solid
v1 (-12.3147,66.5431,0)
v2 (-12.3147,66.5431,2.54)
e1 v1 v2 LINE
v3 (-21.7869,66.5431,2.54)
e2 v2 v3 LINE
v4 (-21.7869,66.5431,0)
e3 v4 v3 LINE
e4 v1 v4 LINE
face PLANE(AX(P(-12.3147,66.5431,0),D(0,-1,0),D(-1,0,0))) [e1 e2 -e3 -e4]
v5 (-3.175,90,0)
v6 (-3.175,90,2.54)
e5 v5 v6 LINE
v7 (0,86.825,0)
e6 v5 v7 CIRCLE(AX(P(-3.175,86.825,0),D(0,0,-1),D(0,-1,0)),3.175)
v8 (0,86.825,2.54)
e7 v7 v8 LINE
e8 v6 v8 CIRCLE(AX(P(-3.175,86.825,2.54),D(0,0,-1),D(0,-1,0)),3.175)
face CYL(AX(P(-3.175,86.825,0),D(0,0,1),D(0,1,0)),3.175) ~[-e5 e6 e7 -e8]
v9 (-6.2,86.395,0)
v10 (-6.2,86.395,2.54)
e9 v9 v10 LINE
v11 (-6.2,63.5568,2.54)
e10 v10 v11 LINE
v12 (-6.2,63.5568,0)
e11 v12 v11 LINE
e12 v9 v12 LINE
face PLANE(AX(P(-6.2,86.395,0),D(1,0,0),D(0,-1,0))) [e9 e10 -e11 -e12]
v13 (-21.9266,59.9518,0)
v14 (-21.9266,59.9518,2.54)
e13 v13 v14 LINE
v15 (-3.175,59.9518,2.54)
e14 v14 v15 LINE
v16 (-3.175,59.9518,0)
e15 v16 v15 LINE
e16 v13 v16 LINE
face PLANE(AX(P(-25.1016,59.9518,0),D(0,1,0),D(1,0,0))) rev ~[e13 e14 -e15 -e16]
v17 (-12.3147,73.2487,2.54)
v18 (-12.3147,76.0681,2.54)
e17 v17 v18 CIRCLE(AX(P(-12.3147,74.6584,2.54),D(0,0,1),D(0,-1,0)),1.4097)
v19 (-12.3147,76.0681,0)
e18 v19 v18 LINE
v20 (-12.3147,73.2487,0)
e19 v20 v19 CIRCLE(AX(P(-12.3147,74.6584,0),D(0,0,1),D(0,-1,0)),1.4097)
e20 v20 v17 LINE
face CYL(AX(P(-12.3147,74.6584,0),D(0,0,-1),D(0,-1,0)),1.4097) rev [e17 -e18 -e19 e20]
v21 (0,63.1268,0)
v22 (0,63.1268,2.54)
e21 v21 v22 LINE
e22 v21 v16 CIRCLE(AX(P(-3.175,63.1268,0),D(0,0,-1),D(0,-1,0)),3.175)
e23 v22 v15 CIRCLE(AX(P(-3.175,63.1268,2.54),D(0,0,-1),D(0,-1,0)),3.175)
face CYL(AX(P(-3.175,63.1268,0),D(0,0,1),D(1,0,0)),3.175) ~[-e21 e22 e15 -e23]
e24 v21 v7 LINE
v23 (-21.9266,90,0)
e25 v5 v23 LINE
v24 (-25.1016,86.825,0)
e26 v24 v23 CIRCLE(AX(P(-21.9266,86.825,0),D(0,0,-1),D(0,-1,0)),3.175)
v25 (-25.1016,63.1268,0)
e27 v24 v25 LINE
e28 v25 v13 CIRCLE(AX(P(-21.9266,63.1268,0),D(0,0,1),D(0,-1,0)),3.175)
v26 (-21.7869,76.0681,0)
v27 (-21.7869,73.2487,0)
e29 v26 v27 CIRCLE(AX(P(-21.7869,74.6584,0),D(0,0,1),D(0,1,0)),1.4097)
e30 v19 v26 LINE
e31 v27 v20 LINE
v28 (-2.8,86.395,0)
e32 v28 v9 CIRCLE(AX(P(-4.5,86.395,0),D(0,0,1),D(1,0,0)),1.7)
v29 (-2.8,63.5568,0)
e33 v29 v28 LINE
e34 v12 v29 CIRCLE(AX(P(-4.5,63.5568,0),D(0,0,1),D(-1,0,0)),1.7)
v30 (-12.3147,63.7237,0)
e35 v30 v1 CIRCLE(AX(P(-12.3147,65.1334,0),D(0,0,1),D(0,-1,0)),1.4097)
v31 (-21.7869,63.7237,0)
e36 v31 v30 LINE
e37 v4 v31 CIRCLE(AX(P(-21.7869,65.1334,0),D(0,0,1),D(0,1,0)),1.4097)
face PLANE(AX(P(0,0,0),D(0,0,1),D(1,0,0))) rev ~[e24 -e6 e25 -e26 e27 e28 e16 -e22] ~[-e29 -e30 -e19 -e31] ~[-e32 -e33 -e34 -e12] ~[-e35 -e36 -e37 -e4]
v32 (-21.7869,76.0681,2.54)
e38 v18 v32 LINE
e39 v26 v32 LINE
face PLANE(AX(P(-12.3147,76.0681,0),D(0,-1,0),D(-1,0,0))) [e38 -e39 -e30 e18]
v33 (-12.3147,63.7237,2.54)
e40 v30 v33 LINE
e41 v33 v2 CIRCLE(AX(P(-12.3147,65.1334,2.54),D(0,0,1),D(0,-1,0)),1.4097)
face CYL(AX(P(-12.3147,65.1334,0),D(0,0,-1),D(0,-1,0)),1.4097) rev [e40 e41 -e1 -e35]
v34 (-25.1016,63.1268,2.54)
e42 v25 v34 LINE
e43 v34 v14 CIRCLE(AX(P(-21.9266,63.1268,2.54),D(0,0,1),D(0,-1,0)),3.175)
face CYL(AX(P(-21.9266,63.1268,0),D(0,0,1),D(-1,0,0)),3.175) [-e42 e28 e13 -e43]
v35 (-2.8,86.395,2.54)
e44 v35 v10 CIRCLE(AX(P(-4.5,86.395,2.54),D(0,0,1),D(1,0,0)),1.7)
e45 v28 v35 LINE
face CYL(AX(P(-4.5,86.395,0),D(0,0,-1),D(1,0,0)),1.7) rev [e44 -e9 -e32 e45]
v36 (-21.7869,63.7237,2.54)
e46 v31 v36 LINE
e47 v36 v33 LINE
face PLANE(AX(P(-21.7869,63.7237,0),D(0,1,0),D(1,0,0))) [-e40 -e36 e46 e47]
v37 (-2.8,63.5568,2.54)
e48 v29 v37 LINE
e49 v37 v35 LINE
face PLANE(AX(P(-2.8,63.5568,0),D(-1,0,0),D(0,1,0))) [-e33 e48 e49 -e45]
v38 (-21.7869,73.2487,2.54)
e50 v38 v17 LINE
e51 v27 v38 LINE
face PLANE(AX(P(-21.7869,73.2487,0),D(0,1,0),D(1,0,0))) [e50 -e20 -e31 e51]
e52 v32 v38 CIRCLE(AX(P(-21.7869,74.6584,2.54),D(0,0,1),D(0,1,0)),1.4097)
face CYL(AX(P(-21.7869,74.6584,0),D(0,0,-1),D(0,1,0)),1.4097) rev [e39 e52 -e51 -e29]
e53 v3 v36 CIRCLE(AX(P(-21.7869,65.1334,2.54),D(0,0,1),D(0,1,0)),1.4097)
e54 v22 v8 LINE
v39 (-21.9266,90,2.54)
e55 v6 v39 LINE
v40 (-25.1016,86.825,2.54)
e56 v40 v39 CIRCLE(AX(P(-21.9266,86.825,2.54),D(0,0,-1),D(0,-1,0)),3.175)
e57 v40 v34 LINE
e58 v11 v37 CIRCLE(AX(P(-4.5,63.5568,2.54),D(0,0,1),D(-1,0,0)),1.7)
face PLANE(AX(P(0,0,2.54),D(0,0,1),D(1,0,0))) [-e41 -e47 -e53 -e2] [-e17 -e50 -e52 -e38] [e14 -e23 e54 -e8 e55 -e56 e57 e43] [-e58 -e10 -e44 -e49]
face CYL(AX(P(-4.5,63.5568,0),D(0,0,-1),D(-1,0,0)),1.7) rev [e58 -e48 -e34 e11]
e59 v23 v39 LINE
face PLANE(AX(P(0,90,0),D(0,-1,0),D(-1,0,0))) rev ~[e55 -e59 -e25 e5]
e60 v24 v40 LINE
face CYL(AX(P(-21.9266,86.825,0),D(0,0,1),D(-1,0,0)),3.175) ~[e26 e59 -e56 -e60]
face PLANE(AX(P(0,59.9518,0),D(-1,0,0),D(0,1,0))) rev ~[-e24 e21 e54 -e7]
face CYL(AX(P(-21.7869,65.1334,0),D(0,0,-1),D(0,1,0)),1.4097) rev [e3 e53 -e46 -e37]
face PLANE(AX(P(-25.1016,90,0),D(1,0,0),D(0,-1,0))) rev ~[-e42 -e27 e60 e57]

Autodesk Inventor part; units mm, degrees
ref_plane "YZ Plane" through (0, 0, 0) normal (1, 0, 0) x (0, 1, 0)
ref_plane "Work Plane1" through (0, 0, 0) normal (0, 0, 1) x (1, 0, 0)
sketch "Sketch1" plane through (0, 0, 0) normal (0, 0, 1) x (1, 0, 0)
  circle A0 centre (-4.5, 66.95) radius 1.4605 construction
  circle A1 centre (-4.5, 79.65) radius 1.4605 construction
  circle A2 centre (-17.8816, 65.1334) radius 1.1938 construction
  circle A3 centre (-17.8816, 74.6584) radius 1.1938 construction
  line L0 (0, 90) -> (0, 0) construction
  line L1 (0, 90) -> (-9, 90) construction
  line L2 (-25.1016, 59.9518) -> (-15.4496, 59.9518) construction
  line L3 (-25, 90) -> (-25, -80) construction
  line L4 (-25.1016, 59.9518) -> (0, 59.9518)
  line L5 (0, 59.9518) -> (0, 90)
  line L6 (0, 90) -> (-25.1016, 90)
  line L7 (-25.1016, 90) -> (-25.1016, 59.9518)
  circle A4 centre (-4.5, 86.395) radius 1.7 construction
  circle A5 centre (-4.5, 63.5568) radius 1.7 construction
  line L8 (-4.5, 63.5568) -> (-4.5, 86.395) construction
  line L9 (-2.8, 63.5568) -> (-2.8, 86.395)
  line L10 (-6.2, 86.395) -> (-6.2, 63.5568)
  arc A6 (-6.2, 63.5568) -> (-2.8, 63.5568) centre (-4.5, 63.5568) ccw
  arc A7 (-2.8, 86.395) -> (-6.2, 86.395) centre (-4.5, 86.395) ccw
  circle A8 centre (-21.7869, 65.1334) radius 1.4097 construction
  circle A9 centre (-12.3147, 65.1334) radius 1.4097 construction
  line L11 (-9, 0) -> (-9, 90) construction
  line L12 (-12.3147, 65.1334) -> (-21.7869, 65.1334) construction
  line L13 (-12.3147, 66.5431) -> (-21.7869, 66.5431)
  line L14 (-21.7869, 63.7237) -> (-12.3147, 63.7237)
  arc A10 (-12.3147, 63.7237) -> (-12.3147, 66.5431) centre (-12.3147, 65.1334) ccw
  arc A11 (-21.7869, 66.5431) -> (-21.7869, 63.7237) centre (-21.7869, 65.1334) ccw
  line L15 (-12.3147, 76.0681) -> (-21.7869, 76.0681)
  line L16 (-21.7869, 73.2487) -> (-12.3147, 73.2487)
  arc A12 (-12.3147, 73.2487) -> (-12.3147, 76.0681) centre (-12.3147, 74.6584) ccw
  arc A13 (-21.7869, 76.0681) -> (-21.7869, 73.2487) centre (-21.7869, 74.6584) ccw
  point P0 (-4.5, 74.9759)
  point P1 (-17.0508, 65.1334)
  dimension "d0" = 3.4
  dimension "d1" = 3.4
  dimension "d2" = 3.605
  dimension "d3" = 3.605
  dimension "d4" = 3.4
  dimension "d7" = 2.8194
  dimension "d8" = 2.8194
  dimension "d9" = 3.3147
  dimension "d10" = 5.1816
  dimension "d11" = 5.1816
  dimension "d12" = 5.1816
  dimension "d13" = 3.3147
  dimension "d14" = 2.8194
  dimension "d15" = 2.8194
  dimension "d20" = 25.1016
  dimension "d21" = 30.0482
  dimension "d22" = 9.4722
  dimension "d23" = 9.525
  dimension "d24" = 4.5
ref_plane "Work Plane2" through (-19.6152, 72.9248, 2.54) normal (0, 0, -1) x (0, 1, 0)
ref_plane "Work Plane3" through (-19.6152, 72.9248, 2.54) normal (0, 0, -1) x (0, 1, 0)
extrude "Extrusion2" add sketch "Sketch1" along normal up to surface (2.54 mm away)
fillet "Fillet1" radius 3.175 4 edges at (-25.1016, 90, 1.27) (-25.1016, 59.9518, 1.27) (0, 59.9518, 1.27) (0, 90, 1.27)
sketch "Sketch2" plane through (0, 0, 0) normal (0, 0, -1) x (-1, 0, 0)
  line L0 (21.9266, 59.9518) -> (3.175, 59.9518) projected
  line L1 (25.1016, 90) -> (9.5, 90)
  line L2 (9.5, 90) -> (9.5, 59.9518)
  line L3 (9.5, 59.9518) -> (25.1016, 59.9518)
  line L4 (25.1016, 59.9518) -> (25.1016, 90)
  line L5 (0, 63.1268) -> (0, 86.825) projected
  point P0 (0, 0)
  dimension "d19" = 9.5
equation "\"d3\" = d2"
equation "\"d11\" = d10"
equation "\"d12\" = d10"
equation "\"d13\" = d9"
properties part number "Limit switch mount top front"
